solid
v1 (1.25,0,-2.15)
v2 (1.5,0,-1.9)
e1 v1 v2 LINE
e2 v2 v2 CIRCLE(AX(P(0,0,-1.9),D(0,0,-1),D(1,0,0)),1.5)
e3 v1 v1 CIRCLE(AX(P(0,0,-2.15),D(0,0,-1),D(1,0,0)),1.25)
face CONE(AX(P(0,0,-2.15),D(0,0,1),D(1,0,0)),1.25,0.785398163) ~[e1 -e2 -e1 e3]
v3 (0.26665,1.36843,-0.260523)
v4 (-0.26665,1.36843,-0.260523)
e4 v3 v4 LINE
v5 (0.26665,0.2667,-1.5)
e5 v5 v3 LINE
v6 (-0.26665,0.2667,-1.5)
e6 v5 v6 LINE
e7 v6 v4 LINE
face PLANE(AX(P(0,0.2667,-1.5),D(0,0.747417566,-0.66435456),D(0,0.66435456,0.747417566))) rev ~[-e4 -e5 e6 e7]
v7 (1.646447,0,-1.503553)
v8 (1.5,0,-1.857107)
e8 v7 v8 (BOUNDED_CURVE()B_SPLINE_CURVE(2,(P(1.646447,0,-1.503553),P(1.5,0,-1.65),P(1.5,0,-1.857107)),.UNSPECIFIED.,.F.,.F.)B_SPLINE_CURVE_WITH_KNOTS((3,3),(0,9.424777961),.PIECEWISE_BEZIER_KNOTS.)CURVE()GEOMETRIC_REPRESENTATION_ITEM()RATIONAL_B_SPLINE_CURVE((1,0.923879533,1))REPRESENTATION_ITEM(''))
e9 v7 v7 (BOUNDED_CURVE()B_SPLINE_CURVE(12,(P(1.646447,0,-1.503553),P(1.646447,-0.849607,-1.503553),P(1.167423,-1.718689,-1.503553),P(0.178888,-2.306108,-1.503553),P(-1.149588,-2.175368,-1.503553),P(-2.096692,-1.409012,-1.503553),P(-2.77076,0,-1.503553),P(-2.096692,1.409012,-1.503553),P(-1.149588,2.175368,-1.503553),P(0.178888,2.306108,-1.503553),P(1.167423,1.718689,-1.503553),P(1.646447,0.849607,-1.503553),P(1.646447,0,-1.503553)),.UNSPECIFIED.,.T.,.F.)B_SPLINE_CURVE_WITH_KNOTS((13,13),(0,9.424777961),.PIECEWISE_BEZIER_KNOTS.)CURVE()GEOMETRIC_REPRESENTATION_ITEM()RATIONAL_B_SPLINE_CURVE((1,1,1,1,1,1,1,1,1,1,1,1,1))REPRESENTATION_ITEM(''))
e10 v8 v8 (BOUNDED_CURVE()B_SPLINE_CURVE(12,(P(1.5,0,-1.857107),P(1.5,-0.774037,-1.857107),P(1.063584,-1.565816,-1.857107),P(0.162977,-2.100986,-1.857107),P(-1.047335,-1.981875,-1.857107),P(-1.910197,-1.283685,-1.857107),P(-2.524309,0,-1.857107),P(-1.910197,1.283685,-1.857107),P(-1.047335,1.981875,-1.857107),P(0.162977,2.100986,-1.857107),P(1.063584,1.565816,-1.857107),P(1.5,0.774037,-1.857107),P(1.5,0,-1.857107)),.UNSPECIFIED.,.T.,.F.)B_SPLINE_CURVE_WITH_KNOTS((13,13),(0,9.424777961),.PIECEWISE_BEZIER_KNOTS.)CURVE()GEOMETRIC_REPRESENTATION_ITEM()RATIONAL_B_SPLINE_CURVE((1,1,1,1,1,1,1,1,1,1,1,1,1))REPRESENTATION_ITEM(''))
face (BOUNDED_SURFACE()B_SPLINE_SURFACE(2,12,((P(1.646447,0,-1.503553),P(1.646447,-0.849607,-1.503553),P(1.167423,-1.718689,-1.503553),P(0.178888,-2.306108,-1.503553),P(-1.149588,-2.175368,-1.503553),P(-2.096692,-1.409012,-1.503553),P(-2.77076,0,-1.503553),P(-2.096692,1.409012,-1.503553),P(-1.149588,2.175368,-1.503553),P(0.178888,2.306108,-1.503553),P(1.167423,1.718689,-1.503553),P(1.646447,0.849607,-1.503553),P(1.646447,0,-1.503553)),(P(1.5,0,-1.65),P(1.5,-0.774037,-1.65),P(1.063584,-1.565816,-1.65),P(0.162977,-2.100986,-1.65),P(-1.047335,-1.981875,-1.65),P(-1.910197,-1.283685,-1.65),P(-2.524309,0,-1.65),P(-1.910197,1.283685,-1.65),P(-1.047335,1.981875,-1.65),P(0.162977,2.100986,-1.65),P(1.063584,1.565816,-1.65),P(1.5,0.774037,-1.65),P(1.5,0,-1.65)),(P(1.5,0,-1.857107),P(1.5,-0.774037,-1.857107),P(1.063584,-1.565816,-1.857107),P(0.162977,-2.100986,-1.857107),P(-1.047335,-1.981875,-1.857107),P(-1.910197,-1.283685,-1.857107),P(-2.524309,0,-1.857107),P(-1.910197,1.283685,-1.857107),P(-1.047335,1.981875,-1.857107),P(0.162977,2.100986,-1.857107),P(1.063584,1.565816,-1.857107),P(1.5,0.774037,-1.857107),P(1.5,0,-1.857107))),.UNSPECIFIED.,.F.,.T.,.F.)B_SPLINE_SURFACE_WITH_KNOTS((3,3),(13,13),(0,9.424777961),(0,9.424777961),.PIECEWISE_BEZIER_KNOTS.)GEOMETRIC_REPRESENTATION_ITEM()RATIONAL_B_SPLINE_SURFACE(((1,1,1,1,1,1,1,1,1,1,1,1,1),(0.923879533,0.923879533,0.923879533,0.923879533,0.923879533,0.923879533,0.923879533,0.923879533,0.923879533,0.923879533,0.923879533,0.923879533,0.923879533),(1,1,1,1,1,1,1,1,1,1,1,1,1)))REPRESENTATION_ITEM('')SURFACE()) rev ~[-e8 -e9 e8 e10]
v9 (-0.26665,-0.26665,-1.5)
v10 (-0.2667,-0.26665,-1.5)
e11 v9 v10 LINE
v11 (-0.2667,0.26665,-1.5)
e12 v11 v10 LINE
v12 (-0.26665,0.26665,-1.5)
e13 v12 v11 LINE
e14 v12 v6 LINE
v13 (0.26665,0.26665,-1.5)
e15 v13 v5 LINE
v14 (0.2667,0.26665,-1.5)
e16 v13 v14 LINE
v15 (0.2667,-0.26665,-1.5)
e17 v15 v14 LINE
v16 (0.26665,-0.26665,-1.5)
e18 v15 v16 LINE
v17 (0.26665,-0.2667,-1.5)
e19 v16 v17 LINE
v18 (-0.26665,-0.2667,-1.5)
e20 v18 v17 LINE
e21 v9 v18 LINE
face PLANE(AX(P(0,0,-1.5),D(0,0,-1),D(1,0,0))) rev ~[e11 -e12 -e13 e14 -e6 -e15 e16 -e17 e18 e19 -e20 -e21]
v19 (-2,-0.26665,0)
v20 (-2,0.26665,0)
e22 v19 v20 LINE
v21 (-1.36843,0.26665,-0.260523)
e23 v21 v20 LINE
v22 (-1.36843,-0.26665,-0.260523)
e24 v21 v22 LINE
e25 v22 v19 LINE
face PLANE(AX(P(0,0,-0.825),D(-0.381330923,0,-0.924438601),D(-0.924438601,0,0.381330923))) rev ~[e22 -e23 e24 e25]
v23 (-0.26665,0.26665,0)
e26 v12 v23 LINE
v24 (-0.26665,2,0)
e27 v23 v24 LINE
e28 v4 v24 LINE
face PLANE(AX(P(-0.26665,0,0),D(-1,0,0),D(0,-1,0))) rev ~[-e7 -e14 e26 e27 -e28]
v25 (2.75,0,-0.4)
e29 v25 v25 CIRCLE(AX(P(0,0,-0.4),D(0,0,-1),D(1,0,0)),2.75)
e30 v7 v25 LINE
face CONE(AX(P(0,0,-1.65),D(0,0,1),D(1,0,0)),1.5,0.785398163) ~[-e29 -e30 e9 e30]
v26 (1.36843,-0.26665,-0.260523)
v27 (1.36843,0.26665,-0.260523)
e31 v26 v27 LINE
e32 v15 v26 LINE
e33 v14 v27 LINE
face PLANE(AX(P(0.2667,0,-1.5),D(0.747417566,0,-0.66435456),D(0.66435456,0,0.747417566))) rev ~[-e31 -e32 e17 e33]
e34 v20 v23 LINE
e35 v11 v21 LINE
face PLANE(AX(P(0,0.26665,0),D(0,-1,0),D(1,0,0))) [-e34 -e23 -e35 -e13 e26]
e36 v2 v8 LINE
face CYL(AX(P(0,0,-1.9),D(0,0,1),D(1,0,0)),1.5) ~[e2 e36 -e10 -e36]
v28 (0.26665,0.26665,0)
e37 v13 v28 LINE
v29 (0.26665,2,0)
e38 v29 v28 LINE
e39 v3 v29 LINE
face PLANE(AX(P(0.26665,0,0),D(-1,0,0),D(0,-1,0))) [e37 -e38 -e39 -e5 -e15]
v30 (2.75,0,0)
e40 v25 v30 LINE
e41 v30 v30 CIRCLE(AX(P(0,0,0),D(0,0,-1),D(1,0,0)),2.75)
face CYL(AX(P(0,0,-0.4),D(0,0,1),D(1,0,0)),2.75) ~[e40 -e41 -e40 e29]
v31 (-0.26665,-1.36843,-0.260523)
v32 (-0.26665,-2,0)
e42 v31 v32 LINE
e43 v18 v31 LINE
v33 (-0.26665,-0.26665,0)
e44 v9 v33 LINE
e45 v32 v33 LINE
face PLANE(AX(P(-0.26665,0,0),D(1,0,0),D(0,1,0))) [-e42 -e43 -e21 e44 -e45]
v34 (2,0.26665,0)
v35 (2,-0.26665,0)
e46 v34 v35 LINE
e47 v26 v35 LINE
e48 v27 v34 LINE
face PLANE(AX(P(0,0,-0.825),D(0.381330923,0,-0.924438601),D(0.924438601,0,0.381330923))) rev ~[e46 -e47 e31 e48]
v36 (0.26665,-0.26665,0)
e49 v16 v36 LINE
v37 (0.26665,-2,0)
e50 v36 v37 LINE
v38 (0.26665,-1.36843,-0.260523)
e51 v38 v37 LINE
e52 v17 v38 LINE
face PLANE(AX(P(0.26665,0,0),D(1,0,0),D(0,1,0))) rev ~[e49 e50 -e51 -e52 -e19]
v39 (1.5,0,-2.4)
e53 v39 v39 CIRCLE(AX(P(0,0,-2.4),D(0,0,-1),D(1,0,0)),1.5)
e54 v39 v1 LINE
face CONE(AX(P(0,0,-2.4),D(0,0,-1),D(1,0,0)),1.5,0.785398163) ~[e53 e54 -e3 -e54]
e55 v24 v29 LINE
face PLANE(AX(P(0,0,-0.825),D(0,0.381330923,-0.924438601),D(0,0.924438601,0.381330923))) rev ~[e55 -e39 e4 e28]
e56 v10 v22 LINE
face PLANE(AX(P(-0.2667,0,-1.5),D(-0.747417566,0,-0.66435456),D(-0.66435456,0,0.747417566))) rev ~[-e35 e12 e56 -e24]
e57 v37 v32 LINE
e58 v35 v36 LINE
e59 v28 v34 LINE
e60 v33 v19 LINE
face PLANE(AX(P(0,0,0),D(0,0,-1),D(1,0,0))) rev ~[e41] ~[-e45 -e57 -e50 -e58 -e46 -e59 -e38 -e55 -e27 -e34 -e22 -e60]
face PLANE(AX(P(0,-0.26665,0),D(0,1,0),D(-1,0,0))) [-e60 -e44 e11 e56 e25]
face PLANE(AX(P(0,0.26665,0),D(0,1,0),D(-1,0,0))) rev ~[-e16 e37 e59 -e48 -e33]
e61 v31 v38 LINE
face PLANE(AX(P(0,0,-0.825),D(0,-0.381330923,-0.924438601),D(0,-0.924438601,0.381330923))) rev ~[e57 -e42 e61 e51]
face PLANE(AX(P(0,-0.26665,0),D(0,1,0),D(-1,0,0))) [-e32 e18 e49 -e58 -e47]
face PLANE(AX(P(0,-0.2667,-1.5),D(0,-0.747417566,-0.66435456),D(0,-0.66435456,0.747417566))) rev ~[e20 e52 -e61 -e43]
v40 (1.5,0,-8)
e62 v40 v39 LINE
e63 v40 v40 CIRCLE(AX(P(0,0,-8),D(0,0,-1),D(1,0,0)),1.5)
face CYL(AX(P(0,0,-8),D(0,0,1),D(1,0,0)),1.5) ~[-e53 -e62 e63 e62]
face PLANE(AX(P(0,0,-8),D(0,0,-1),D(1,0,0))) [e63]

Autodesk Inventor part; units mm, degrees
ref_plane "YZ Plane" through (0, 0, 0) normal (1, 0, 0) x (0, 1, 0)
sketch "Esquisse1" plane through (0, 0, 0) normal (0, 1, 0) x (-1, 0, 0)
  point P0 (0, 0)
sketch "Esquisse2" plane through (0, 0, 0) normal (0, 0, 1) x (1, 0, 0)
  point P0 (0, 0)
sketch "Esquisse3" plane through (0, 0, 0) normal (0, 0, 1) x (1, 0, 0)
  point P0 (0, 0)
sketch "Esquisse4" plane through (0, 0, 0) normal (0, 1, 0) x (-1, 0, 0)
  line L0 (-2.75, 0) -> (0, 0)
  line L1 (-2.75, -0.4) -> (-2.75, 0)
  line L2 (-1.5, -1.65) -> (-2.75, -0.4)
  line L3 (-1.5, -1.9) -> (-1.5, -1.65)
  line L4 (-1.25, -2.15) -> (-1.5, -1.9)
  line L5 (-1.5, -2.4) -> (-1.25, -2.15)
  line L6 (-1.5, -8) -> (-1.5, -2.4)
  line L7 (0, 0) -> (0, -8)
  line L8 (0, 3.3392) -> (0, -10.7) construction
  line L9 (0, 3.3392) -> (0, -10.7)
  line L10 (0, -13.5078) -> (0, 6.1471) projected
  line L11 (-1.5, -8) -> (0, -8)
  line L12 (0.55, 0) -> (-3.3, 0) projected
  dimension "d3" = 2.75
  dimension "d5" = 0.25
  dimension "d7" = 0.25
  dimension "d9" = 0.25
  dimension "d11" = 1.65
  dimension "d13" = 135
  dimension "d17" = 1.25
  dimension "d19" = 0
  dimension "d51" = 1.5
  dimension "d52" = 8
revolve "Révolution1" add sketch "Esquisse4" angle 360 about axis through (0, 0, 3.3392) along (0, 0, -1)
sketch "Esquisse5" plane through (0, 0, 0) normal (0, 1, 0) x (-1, 0, 0)
  line L0 (-1.6, 0) -> (0, 0)
  line L1 (-0.2667, -1.5) -> (-1.6, 0)
  line L2 (0, -1.5) -> (-0.2667, -1.5)
  line L3 (0, 0) -> (0, -1.5)
  line L4 (-1.5, -1.65) -> (1.5, -1.65) construction
  line L5 (-2.75, 0) -> (2.75, 0) projected
  line L6 (0, -1.98) -> (0, 0.33) projected
  dimension "d22" = 1.6
  dimension "d24" = 0.2667
  dimension "d26" = 1.5
extrude "Extrusion1" cut sketch "Esquisse5" along normal mid plane 0.5333
pattern_circular "RéseauPolaire1" count 4 over 360 about axis through (0, 0, 0) along (0, 0, 1) of "Extrusion1"
sketch "Esquisse7" plane through (0, 0, 0) normal (0, 1, 0) x (-1, 0, 0)
  line L0 (0, -0.825) -> (-2, 0)
  line L1 (0, 0) -> (0, -0.825)
  line L2 (-2, 0) -> (0, 0)
  line L3 (-1.5, -1.65) -> (1.5, -1.65) construction
  line L4 (0, -1.98) -> (0, 0.33) projected
  line L5 (-2.75, 0) -> (2.75, 0) projected
  dimension "d33" = 2
  dimension "d35" = 0.825
extrude "Extrusion2" cut sketch "Esquisse7" along normal mid plane 0.5333
pattern_circular "RéseauPolaire2" count 4 over 360 about axis through (0, 0, 0) along (0, 0, 1) of "Extrusion2"
fillet "Congé1" radius 0.5 1 edges at (-1.5, 0, -1.65)
thread "Filetage1" size "M3x0.5" class "6g" standard "ISO Metric profile" full length
ref_plane "MSC_PF1" through (0, 0, 0) normal (1, 0, 0) x (0, 1, 0)
ref_plane "MSC_PT1" through (0, 0, 0) normal (0, 0, -1) x (-1, 0, 0)
equation "\"d3\" = 0.5 * Dh"
equation "\"d5\" = msp_x"
equation "\"d7\" = ParA"
equation "\"d9\" = msp_x"
equation "\"d11\" = ParK"
equation "\"d17\" = 0.5 * msp_mdtds"
equation "\"d51\" = 0.5 * NND"
equation "\"d52\" = NLG"
equation "\"d22\" = 0.5 * M"
equation "\"d24\" = 0.0833333 * M"
equation "\"d26\" = 0.909091 * ParK"
equation "\"d27\" = 0.166667 * M"
equation "\"d33\" = 0.625 * M"
equation "\"d35\" = 0.5 * ParK"
equation "\"d36\" = 0.166667 * M"
equation "\"d41\" = 2 * msp_x"
equation "\"PTC\" = 0.5"
equation "\"NLG\" = 8"
equation "\"ParK\" = 1.65"
equation "\"NND\" = 3"
equation "\"M\" = 3.2"
equation "\"msp_mdtds\" = NND - PTC"
equation "\"Dh\" = 5.5"
equation "\"msp_x\" = 0.5 * PTC"
equation "\"ParA\" = 0.5 * PTC"
equation "\"r\" = 0.8"
equation "\"THREADDIA\" = NND"
equation "\"TEMPLATE\" = 1.2345"
properties part number "NF EN ISO 7046-2 H - M3x8 - 8.8 - H1" material "Acier inoxydable 440C"
